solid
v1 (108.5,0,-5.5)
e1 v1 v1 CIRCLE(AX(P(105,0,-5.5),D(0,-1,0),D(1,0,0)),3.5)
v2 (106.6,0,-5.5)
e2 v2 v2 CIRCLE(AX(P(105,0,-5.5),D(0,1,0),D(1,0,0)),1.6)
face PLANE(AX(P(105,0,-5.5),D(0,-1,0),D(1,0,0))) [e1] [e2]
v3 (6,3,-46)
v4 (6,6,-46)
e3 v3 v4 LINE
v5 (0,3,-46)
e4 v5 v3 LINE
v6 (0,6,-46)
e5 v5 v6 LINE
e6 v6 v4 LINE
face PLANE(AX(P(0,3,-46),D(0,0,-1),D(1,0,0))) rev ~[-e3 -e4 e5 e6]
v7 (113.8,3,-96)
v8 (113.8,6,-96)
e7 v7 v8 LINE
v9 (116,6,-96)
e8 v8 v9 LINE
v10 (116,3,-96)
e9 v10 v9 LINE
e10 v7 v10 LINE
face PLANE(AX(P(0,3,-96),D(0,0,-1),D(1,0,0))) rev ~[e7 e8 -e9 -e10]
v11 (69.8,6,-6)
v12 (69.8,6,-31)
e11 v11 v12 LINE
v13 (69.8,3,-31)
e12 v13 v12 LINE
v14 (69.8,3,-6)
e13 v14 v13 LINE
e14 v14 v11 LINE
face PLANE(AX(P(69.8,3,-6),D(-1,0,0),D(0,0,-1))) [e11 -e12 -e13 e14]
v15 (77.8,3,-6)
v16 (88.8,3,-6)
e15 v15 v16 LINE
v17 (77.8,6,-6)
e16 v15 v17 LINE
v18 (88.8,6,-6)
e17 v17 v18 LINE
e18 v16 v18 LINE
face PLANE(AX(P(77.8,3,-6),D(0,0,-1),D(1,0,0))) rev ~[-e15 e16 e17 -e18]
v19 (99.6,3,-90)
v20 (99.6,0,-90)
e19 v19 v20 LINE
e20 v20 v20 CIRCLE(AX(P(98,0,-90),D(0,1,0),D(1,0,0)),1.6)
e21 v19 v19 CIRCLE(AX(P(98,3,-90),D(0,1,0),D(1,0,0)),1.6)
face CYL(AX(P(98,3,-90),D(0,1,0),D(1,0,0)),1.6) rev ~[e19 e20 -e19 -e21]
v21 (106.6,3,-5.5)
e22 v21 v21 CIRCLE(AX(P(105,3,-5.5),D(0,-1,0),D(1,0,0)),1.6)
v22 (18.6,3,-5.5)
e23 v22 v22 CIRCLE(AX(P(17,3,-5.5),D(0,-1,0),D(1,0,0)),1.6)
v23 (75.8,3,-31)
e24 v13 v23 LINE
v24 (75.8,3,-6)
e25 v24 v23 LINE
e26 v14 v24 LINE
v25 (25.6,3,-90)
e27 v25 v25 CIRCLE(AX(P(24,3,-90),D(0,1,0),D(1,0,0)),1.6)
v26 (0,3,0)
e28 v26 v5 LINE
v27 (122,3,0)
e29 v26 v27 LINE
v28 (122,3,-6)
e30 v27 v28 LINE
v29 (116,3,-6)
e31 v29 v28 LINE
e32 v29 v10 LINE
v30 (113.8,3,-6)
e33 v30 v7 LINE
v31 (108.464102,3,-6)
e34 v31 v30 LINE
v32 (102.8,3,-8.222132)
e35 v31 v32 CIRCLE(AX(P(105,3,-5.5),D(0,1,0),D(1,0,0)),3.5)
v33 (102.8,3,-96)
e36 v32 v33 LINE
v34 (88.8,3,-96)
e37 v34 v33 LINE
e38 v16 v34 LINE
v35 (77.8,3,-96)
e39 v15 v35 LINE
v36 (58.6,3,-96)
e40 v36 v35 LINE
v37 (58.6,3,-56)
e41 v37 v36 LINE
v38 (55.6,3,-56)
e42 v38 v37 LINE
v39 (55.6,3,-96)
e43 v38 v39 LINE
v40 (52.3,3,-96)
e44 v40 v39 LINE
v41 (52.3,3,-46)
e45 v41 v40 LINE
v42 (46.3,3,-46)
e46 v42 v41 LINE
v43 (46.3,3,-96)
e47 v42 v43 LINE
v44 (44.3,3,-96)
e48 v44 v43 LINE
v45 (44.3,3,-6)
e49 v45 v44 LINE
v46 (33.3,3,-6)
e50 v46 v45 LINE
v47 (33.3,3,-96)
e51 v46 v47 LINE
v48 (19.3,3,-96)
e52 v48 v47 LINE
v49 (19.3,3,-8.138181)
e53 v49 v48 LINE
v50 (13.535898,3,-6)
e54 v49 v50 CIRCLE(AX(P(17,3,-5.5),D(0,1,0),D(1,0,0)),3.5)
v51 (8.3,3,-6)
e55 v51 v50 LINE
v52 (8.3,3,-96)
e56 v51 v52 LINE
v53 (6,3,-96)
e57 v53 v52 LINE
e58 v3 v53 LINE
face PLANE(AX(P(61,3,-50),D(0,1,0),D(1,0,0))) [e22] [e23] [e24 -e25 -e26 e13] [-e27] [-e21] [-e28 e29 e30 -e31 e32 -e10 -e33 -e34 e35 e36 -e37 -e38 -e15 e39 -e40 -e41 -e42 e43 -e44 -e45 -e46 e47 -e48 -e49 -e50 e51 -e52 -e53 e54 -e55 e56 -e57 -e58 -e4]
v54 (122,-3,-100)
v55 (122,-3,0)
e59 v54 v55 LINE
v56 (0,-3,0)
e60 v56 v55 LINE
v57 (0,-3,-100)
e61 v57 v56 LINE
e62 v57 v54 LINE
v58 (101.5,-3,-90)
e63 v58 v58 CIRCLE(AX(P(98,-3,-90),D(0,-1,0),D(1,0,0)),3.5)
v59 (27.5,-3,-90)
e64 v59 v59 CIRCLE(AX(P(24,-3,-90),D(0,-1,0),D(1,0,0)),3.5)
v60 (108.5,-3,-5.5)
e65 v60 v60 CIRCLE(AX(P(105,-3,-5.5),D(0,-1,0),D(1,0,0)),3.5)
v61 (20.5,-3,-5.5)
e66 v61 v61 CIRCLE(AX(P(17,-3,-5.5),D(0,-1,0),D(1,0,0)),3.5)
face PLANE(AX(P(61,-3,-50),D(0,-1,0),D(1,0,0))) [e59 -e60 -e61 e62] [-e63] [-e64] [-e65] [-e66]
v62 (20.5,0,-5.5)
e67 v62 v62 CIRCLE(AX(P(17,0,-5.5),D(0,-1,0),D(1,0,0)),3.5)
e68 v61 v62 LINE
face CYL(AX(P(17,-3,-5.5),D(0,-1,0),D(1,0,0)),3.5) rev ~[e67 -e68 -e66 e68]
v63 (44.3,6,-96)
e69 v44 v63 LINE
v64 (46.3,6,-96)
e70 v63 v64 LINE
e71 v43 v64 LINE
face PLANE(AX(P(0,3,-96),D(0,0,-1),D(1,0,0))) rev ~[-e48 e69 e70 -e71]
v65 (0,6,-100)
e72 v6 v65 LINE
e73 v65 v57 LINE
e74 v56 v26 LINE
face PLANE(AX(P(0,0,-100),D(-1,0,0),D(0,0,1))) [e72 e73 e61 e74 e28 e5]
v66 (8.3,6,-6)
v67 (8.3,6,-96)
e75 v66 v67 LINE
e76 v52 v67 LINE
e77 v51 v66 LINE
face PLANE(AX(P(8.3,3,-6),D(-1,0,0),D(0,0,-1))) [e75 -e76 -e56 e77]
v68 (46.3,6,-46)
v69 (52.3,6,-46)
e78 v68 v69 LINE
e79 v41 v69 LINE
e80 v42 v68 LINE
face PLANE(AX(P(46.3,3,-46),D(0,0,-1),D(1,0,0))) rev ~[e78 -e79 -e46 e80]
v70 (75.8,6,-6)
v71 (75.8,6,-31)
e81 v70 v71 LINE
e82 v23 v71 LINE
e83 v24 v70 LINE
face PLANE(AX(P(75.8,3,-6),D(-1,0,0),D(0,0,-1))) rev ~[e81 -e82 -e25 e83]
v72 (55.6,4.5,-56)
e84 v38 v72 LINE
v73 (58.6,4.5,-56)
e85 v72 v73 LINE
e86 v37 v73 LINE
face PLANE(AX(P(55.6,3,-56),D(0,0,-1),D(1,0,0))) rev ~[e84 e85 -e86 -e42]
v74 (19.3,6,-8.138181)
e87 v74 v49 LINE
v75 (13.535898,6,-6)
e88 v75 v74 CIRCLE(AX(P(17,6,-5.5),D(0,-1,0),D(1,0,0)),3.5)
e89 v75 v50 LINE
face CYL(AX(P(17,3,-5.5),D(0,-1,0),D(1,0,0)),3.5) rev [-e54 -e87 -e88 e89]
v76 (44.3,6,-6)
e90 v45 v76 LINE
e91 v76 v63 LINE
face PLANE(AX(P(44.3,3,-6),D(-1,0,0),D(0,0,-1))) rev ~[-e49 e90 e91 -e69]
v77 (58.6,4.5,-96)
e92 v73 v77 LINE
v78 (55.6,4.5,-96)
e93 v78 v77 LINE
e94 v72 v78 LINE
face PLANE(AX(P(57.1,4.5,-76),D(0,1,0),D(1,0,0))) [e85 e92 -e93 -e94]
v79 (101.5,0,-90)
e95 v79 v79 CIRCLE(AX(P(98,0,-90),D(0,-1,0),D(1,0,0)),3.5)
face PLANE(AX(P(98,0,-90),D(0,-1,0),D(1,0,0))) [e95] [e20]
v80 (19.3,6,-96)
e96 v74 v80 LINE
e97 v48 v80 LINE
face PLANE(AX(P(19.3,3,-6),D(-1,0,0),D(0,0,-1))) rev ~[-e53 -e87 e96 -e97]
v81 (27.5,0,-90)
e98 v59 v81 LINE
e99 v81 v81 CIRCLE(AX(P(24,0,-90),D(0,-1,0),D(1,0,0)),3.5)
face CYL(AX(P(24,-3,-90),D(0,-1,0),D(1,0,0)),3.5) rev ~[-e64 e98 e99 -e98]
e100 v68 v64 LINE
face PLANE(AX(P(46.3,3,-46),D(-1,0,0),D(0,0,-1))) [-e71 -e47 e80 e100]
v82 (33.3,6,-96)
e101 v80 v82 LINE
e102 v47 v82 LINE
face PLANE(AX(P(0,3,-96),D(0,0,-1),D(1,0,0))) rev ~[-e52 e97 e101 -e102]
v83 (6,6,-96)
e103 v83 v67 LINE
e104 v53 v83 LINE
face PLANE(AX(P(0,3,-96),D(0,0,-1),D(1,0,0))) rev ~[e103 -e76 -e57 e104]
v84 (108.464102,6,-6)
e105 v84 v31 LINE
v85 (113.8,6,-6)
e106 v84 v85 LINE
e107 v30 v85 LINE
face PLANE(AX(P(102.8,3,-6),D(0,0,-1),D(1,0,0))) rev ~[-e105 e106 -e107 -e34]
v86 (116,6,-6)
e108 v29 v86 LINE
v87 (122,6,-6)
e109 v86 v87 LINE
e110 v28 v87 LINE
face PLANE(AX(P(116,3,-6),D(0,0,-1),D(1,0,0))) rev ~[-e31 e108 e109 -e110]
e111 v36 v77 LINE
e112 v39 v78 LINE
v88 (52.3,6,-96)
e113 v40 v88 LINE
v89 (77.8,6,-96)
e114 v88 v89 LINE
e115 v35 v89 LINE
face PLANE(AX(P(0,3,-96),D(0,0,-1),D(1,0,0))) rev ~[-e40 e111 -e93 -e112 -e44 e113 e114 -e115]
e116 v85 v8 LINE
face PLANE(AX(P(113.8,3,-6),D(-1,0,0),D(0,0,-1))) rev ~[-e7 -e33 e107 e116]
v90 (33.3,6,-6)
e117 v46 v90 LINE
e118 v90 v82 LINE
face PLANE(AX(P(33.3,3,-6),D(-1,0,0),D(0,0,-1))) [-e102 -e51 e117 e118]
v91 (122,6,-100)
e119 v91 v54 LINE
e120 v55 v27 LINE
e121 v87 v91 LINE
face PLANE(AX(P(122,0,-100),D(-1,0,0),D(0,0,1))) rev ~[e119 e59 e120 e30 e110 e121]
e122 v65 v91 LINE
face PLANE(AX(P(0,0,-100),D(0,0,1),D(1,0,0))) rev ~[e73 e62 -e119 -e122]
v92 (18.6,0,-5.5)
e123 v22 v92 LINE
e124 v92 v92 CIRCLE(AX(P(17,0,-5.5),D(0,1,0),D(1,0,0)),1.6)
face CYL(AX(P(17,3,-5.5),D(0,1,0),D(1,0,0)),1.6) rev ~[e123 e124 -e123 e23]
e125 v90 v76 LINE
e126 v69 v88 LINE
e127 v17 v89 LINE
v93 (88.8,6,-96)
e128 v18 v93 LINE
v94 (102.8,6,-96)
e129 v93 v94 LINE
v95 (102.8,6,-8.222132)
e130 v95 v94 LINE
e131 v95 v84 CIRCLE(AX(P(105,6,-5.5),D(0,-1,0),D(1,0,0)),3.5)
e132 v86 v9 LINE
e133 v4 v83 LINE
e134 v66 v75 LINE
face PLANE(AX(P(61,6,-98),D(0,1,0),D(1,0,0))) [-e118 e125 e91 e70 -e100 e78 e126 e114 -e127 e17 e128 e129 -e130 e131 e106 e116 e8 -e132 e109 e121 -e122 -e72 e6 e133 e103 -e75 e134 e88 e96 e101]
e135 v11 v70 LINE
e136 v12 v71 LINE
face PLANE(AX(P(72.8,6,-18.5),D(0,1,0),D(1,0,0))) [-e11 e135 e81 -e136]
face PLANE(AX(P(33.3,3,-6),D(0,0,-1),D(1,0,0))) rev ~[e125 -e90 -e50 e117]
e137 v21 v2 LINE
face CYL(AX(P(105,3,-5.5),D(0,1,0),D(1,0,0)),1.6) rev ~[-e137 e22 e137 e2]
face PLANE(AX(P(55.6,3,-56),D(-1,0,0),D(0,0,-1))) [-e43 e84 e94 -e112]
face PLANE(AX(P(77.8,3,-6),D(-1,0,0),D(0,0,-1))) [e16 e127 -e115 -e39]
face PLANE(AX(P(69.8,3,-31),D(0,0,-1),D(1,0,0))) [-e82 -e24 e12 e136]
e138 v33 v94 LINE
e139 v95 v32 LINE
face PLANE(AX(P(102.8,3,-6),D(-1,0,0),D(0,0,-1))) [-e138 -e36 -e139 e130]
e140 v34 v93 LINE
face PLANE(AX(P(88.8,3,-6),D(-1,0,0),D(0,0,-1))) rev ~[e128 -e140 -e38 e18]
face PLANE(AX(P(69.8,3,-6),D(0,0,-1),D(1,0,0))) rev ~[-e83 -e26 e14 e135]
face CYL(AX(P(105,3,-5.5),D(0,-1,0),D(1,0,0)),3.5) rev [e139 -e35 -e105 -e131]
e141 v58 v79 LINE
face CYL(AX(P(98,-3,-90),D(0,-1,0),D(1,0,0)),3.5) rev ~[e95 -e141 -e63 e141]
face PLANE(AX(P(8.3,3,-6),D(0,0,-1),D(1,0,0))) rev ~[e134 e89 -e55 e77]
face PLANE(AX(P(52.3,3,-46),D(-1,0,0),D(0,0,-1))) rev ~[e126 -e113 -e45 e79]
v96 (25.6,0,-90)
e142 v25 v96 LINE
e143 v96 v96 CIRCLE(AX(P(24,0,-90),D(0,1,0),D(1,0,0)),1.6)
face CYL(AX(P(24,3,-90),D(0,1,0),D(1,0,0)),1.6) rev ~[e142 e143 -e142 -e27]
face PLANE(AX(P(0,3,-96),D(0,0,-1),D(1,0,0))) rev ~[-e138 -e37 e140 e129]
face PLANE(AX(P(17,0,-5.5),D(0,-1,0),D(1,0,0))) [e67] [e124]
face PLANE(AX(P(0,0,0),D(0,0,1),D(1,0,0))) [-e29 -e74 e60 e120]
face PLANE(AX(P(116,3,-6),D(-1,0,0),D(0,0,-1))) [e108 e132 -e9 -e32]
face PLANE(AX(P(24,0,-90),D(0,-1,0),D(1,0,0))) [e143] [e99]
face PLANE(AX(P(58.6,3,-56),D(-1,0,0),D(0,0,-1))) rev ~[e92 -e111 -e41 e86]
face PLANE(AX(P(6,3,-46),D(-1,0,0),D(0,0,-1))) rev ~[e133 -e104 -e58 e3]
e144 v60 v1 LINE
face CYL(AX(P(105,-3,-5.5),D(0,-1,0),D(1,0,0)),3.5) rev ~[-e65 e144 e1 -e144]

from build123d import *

# Parameters (mm, degrees)
SKETCH1_W                   = 122
SKETCH1_H                   = 100
BOSS_EXTRUDE1_DEPTH         = 3
SKETCH2_W                   = 6
SKETCH2_H                   = 50
SKETCH2_W_2                 = 11
SKETCH2_H_2                 = 90
SKETCH2_H_3                 = 25
BOSS_EXTRUDE2_DEPTH         = 3
SKETCH3_W                   = 3
SKETCH3_H                   = 40
BOSS_EXTRUDE3_DEPTH         = 1.5
SKETCH4_W                   = 122
SKETCH4_H                   = 4
BOSS_EXTRUDE4_DEPTH         = 3
SKETCH7_W                   = 122
SKETCH7_H                   = 100
BOSS_EXTRUDE5_DEPTH         = 3
SKETCH5_R                   = 1.6
STANDOFF_HOLE_DEPTH         = 4
STANDOFF_HOLE_DEPTH_BACK    = 7
SKETCH6_R                   = 3.5
CLEARANCE_HOLE_TOP_DEPTH    = 4
SKETCH8_R                   = 3.5
CLEARANCE_HOLE_BOTTOM_DEPTH = 3


with BuildPart() as part:
    # Sketch1 → Boss-Extrude1 (new body)
    with BuildSketch(Plane(origin=(0, 0, 0), x_dir=(1, 0, 0), z_dir=(0, 1, 0))):
        with Locations((61, 50)):
            Rectangle(SKETCH1_W, SKETCH1_H)
    extrude(amount=BOSS_EXTRUDE1_DEPTH)

    # Sketch2 → Boss-Extrude2 (add)
    with BuildSketch(Plane(origin=(0, 3, 0), x_dir=(1, 0, 0), z_dir=(0, 1, 0))):
        with Locations((3, 71)):
            Rectangle(SKETCH2_W, SKETCH2_H)
        with Locations((13.8, 51)):
            Rectangle(SKETCH2_W_2, SKETCH2_H_2)
        with Locations((38.8, 51)):
            Rectangle(SKETCH2_W_2, SKETCH2_H_2)
        with Locations((49.3, 71)):
            Rectangle(SKETCH2_W, SKETCH2_H)
        with Locations((72.8, 18.5)):
            Rectangle(SKETCH2_W, SKETCH2_H_3)
        with Locations((83.3, 51)):
            Rectangle(SKETCH2_W_2, SKETCH2_H_2)
        with Locations((108.3, 51)):
            Rectangle(SKETCH2_W_2, SKETCH2_H_2)
        with Locations((119, 51)):
            Rectangle(SKETCH2_W, SKETCH2_H_2)
    extrude(amount=BOSS_EXTRUDE2_DEPTH)

    # Sketch3 → Boss-Extrude3 (add)
    with BuildSketch(Plane(origin=(0, 3, 0), x_dir=(1, 0, 0), z_dir=(0, 1, 0))):
        with Locations((57.1, 76)):
            Rectangle(SKETCH3_W, SKETCH3_H)
    extrude(amount=BOSS_EXTRUDE3_DEPTH)

    # Sketch4 → Boss-Extrude4 (add)
    with BuildSketch(Plane(origin=(0, 3, 0), x_dir=(1, 0, 0), z_dir=(0, 1, 0))):
        with Locations((61, 98)):
            Rectangle(SKETCH4_W, SKETCH4_H)
    extrude(amount=BOSS_EXTRUDE4_DEPTH)

    # Sketch7 → Boss-Extrude5 (add)
    with BuildSketch(Plane.XZ):
        with Locations((61, -50)):
            Rectangle(SKETCH7_W, SKETCH7_H)
    extrude(amount=BOSS_EXTRUDE5_DEPTH)

    # Sketch5 → standoff hole (cut, two sides)
    with BuildSketch(Plane(origin=(0, 3, 0), x_dir=(1, 0, 0), z_dir=(0, 1, 0))) as standoff_hole_sk:
        with Locations((17, 5.5)):
            Circle(SKETCH5_R)
        with Locations((105, 5.5)):
            Circle(SKETCH5_R)
        with Locations((24, 90)):
            Circle(SKETCH5_R)
        with Locations((98, 90)):
            Circle(SKETCH5_R)
    extrude(amount=STANDOFF_HOLE_DEPTH, mode=Mode.SUBTRACT)
    extrude(standoff_hole_sk.sketch, amount=-STANDOFF_HOLE_DEPTH_BACK, mode=Mode.SUBTRACT)

    # Sketch6 → clearance hole top (cut, through all)
    with BuildSketch(Plane(origin=(0, 3, 0), x_dir=(1, 0, 0), z_dir=(0, 1, 0))):
        with Locations((17, 5.5)):
            Circle(SKETCH6_R)
        with Locations((105, 5.5)):
            Circle(SKETCH6_R)
    extrude(amount=CLEARANCE_HOLE_TOP_DEPTH, mode=Mode.SUBTRACT)

    # Sketch8 → clearance hole bottom (cut)
    with BuildSketch(Plane.XZ.offset(3)):
        with Locations((17, -5.5)):
            Circle(SKETCH8_R)
        with Locations((105, -5.5)):
            Circle(SKETCH8_R)
        with Locations((98, -90)):
            Circle(SKETCH8_R)
        with Locations((24, -90)):
            Circle(SKETCH8_R)
    extrude(amount=-CLEARANCE_HOLE_BOTTOM_DEPTH, mode=Mode.SUBTRACT)


solid = part.part
